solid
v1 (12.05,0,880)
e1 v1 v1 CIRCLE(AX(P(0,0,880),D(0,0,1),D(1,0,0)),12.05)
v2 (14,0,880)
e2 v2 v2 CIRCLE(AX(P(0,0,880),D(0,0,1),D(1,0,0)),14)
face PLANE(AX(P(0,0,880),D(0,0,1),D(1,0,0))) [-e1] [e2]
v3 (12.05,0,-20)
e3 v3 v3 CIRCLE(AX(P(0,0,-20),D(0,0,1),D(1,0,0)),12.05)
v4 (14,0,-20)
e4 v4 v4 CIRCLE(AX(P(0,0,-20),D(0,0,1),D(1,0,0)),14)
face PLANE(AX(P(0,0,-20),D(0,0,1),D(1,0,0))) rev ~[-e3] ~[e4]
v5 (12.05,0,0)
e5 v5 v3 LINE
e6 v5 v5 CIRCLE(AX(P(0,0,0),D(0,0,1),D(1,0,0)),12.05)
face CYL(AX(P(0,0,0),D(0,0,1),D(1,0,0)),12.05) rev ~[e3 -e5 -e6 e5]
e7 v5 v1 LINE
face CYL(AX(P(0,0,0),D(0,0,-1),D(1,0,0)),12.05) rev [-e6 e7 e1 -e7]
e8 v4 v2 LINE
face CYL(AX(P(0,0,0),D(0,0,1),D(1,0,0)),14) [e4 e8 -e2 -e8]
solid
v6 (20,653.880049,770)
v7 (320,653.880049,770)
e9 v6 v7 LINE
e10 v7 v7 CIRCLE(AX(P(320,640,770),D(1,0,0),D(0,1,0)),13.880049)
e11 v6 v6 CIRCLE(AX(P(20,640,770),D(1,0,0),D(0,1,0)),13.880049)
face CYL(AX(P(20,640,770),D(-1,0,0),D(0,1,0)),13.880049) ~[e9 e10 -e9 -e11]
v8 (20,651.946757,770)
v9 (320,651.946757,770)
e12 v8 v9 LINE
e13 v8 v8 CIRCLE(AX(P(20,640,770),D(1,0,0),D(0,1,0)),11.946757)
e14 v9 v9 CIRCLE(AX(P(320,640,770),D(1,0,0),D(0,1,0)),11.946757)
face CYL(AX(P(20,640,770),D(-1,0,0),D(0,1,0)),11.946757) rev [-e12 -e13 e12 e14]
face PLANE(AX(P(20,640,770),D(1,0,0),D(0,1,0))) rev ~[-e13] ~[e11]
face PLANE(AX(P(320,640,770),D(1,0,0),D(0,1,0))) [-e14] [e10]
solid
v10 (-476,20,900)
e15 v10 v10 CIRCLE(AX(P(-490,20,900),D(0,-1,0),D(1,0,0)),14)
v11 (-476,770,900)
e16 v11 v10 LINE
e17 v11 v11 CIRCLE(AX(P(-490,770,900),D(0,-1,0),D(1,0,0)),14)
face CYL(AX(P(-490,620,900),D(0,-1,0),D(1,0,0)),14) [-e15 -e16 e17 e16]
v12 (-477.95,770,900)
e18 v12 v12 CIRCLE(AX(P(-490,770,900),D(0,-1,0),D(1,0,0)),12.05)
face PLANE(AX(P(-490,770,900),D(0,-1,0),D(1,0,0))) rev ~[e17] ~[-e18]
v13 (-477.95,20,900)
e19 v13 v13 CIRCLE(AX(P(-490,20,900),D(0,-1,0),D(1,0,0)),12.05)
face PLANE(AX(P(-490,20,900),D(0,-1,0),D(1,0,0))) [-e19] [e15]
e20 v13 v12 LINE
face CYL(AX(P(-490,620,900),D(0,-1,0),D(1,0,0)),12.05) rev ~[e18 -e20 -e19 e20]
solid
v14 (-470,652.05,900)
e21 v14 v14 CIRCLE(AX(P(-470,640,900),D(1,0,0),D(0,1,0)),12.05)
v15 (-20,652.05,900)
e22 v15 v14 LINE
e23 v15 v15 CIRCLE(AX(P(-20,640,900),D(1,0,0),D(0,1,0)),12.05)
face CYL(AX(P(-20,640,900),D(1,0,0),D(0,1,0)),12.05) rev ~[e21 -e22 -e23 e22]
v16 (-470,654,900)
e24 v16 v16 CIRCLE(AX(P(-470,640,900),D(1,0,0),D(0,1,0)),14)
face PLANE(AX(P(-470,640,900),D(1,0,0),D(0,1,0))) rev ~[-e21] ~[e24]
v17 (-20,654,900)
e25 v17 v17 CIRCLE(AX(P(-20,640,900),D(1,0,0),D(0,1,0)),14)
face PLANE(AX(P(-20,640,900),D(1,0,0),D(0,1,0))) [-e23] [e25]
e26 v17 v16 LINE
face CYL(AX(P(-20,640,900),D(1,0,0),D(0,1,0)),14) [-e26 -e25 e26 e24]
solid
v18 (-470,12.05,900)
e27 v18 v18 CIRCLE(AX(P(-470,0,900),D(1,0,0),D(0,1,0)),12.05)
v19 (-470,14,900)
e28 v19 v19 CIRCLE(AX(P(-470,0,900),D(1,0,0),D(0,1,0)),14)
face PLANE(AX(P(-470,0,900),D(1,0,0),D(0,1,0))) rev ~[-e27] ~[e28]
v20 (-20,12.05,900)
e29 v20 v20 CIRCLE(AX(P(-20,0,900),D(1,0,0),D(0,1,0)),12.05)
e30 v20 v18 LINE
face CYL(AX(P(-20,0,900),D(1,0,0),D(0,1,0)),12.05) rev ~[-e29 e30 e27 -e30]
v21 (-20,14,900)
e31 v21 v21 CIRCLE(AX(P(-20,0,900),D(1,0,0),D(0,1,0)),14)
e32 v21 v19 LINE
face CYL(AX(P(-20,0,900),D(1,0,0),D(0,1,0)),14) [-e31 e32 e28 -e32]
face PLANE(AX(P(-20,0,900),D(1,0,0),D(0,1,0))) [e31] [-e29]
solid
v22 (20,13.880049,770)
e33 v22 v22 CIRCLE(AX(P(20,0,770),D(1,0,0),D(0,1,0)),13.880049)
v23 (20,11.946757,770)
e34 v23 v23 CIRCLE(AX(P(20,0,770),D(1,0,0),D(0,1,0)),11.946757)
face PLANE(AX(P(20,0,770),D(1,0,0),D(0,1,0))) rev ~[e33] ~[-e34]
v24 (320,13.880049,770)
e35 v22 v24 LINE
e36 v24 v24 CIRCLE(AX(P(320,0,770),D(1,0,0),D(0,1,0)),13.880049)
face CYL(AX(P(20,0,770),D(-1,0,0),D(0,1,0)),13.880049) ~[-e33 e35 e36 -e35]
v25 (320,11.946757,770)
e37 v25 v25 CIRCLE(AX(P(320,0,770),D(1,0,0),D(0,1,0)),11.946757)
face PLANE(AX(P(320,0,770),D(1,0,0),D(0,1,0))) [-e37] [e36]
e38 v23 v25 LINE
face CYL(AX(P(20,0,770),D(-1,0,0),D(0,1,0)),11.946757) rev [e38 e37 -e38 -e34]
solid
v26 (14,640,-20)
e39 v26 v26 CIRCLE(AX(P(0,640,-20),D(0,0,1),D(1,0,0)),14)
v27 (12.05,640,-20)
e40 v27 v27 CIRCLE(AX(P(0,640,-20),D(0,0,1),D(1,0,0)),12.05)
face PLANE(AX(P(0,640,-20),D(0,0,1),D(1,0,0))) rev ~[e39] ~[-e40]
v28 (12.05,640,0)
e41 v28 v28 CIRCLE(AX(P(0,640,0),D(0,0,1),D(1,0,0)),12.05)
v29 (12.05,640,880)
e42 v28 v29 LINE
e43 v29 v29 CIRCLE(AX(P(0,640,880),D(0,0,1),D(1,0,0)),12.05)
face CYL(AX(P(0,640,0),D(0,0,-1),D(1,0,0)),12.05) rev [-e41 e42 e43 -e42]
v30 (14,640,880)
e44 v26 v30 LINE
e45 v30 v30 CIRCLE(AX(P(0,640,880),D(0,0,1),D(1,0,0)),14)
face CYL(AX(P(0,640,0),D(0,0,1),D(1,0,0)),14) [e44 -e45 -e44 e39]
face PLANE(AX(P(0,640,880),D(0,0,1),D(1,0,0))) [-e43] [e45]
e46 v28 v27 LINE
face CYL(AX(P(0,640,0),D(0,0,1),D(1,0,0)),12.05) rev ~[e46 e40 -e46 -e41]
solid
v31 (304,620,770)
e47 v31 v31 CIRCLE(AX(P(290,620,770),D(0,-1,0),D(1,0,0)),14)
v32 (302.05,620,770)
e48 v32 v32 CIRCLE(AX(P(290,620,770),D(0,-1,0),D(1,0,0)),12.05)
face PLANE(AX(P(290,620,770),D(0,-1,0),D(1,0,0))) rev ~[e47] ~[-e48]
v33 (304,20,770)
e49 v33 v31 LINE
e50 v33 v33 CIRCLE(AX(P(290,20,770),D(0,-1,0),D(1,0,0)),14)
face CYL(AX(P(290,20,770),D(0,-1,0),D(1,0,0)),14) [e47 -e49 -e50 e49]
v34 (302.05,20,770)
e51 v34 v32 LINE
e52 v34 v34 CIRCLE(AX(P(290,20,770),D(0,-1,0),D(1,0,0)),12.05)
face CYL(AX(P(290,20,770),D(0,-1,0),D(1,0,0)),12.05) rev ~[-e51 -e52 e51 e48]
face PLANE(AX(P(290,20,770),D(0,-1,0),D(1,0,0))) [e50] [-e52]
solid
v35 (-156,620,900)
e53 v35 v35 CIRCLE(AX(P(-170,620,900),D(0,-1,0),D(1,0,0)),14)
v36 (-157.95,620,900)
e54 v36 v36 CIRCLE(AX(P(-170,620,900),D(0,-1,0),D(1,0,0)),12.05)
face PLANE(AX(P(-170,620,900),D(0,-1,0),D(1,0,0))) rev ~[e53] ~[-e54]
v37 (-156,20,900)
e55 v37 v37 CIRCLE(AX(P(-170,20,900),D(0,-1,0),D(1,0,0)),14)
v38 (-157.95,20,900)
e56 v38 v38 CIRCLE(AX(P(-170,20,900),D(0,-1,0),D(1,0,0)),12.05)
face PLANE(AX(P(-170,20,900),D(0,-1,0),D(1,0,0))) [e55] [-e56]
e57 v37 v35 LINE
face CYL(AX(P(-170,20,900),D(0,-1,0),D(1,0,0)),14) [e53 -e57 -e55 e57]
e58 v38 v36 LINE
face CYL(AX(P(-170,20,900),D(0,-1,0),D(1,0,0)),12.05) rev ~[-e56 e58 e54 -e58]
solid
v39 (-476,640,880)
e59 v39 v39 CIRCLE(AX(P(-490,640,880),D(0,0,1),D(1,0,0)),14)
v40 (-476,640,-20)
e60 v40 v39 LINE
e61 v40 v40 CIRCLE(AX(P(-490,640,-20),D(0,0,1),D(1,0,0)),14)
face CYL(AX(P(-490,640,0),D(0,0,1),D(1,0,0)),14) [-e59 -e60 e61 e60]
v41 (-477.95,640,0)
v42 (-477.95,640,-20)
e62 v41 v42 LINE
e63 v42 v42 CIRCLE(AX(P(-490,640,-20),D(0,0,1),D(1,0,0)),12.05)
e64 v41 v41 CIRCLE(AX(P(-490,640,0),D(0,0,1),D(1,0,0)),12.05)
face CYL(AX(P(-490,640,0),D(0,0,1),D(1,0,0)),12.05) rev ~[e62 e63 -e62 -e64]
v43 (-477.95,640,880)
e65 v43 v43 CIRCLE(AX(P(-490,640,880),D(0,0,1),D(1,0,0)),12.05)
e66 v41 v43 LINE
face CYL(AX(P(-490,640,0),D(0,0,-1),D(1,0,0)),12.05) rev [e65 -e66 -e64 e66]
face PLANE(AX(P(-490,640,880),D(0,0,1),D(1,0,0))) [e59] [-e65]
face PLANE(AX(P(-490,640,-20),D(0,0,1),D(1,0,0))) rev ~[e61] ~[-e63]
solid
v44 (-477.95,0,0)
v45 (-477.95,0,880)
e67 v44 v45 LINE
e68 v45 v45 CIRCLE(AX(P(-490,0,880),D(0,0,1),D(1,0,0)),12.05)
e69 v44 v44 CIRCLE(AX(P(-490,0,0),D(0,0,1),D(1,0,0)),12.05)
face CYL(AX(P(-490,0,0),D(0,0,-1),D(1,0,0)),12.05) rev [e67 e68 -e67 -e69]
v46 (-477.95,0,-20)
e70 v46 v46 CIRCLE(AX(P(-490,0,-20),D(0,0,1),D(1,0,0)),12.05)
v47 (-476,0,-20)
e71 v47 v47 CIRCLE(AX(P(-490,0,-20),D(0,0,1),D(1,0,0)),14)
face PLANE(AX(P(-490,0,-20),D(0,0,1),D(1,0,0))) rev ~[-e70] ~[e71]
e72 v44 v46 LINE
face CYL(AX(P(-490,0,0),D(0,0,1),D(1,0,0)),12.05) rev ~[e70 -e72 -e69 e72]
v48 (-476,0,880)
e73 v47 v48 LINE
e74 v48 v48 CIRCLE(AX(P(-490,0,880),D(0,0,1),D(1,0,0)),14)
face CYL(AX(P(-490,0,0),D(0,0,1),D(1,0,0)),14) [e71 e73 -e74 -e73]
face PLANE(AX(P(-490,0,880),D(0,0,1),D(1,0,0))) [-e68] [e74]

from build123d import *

# Parameters (mm, degrees)
F0_R          = 14
F0_R_2        = 12.05
F1_DEPTH      = 880
F1_DEPTH_BACK = 20
F3_START      = -20
F2_R          = 14
F2_R_2        = 12.05
F3_DEPTH      = 600
F5_START      = -20
F4_R          = 14
F4_R_2        = 12.05
F5_DEPTH      = 450
F7_START      = 20
F6_R          = 13.8800494928
F6_R_2        = 11.9467568849
F7_DEPTH      = 300
F8_DEPTH      = 150


with BuildPart() as f1:
    # F0 (on Top) → F1 (new body, two sides)
    with BuildSketch(Plane.XY) as f1_sk:
        Circle(F0_R)
        Circle(F0_R_2, mode=Mode.SUBTRACT)
    extrude(amount=F1_DEPTH)
    extrude(f1_sk.sketch, amount=-F1_DEPTH_BACK)


with BuildPart() as f1b:
    # F0 (on Top) → F1, piece 2 (new body, two sides)
    with BuildSketch(Plane.XY) as f1_2_sk:
        with Locations((0, 640)):
            Circle(F0_R)
        with Locations((0, 640)):
            Circle(F0_R_2, mode=Mode.SUBTRACT)
    extrude(amount=F1_DEPTH)
    extrude(f1_2_sk.sketch, amount=-F1_DEPTH_BACK)


with BuildPart() as f1c:
    # F0 (on Top) → F1, piece 3 (new body, two sides)
    with BuildSketch(Plane.XY) as f1_3_sk:
        with Locations((-490, 0)):
            Circle(F0_R)
        with Locations((-490, 0)):
            Circle(F0_R_2, mode=Mode.SUBTRACT)
    extrude(amount=F1_DEPTH)
    extrude(f1_3_sk.sketch, amount=-F1_DEPTH_BACK)


with BuildPart() as f1d:
    # F0 (on Top) → F1, piece 4 (new body, two sides)
    with BuildSketch(Plane.XY) as f1_4_sk:
        with Locations((-490, 640)):
            Circle(F0_R)
        with Locations((-490, 640)):
            Circle(F0_R_2, mode=Mode.SUBTRACT)
    extrude(amount=F1_DEPTH)
    extrude(f1_4_sk.sketch, amount=-F1_DEPTH_BACK)


with BuildPart() as f3:
    # F2 (on Front) → F3 (new body)
    with BuildSketch(Plane.XZ.offset(F3_START)):
        with Locations((290, 770)):
            Circle(F2_R)
        with Locations((290, 770)):
            Circle(F2_R_2, mode=Mode.SUBTRACT)
    extrude(amount=-F3_DEPTH)


with BuildPart() as f3b:
    # F2 (on Front) → F3, piece 2 (new body)
    with BuildSketch(Plane.XZ.offset(F3_START)):
        with Locations((-170, 900)):
            Circle(F2_R)
        with Locations((-170, 900)):
            Circle(F2_R_2, mode=Mode.SUBTRACT)
    extrude(amount=-F3_DEPTH)


with BuildPart() as f3c:
    # F2 (on Front) → F3, piece 3 (new body)
    with BuildSketch(Plane.XZ.offset(F3_START)):
        with Locations((-490, 900)):
            Circle(F2_R)
        with Locations((-490, 900)):
            Circle(F2_R_2, mode=Mode.SUBTRACT)
    extrude(amount=-F3_DEPTH)

    # F8 (add): a face of the model
    f8_faces = [f3c.faces().sort_by_distance(p)[0] for p in [
        (-503.6040202025, 620, 900),
    ]]
    extrude(f8_faces, amount=F8_DEPTH)


with BuildPart() as f5:
    # F4 (on Right) → F5 (new body)
    with BuildSketch(Plane.YZ.offset(F5_START)):
        with Locations((640, 900)):
            Circle(F4_R)
        with Locations((640, 900)):
            Circle(F4_R_2, mode=Mode.SUBTRACT)
    extrude(amount=-F5_DEPTH)


with BuildPart() as f5b:
    # F4 (on Right) → F5, piece 2 (new body)
    with BuildSketch(Plane.YZ.offset(F5_START)):
        with Locations((0, 900)):
            Circle(F4_R)
        with Locations((0, 900)):
            Circle(F4_R_2, mode=Mode.SUBTRACT)
    extrude(amount=-F5_DEPTH)


with BuildPart() as f7:
    # F6 (on Right) → F7 (new body)
    with BuildSketch(Plane.YZ.offset(F7_START)):
        with Locations((0, 770)):
            Circle(F6_R)
        with Locations((0, 770)):
            Circle(F6_R_2, mode=Mode.SUBTRACT)
    extrude(amount=F7_DEPTH)


with BuildPart() as f7b:
    # F6 (on Right) → F7, piece 2 (new body)
    with BuildSketch(Plane.YZ.offset(F7_START)):
        with Locations((640, 770)):
            Circle(F6_R)
        with Locations((640, 770)):
            Circle(F6_R_2, mode=Mode.SUBTRACT)
    extrude(amount=F7_DEPTH)


solid = Compound([f1.part, f1b.part, f1c.part, f1d.part, f3.part, f3b.part, f3c.part, f5.part, f5b.part, f7.part, f7b.part])
